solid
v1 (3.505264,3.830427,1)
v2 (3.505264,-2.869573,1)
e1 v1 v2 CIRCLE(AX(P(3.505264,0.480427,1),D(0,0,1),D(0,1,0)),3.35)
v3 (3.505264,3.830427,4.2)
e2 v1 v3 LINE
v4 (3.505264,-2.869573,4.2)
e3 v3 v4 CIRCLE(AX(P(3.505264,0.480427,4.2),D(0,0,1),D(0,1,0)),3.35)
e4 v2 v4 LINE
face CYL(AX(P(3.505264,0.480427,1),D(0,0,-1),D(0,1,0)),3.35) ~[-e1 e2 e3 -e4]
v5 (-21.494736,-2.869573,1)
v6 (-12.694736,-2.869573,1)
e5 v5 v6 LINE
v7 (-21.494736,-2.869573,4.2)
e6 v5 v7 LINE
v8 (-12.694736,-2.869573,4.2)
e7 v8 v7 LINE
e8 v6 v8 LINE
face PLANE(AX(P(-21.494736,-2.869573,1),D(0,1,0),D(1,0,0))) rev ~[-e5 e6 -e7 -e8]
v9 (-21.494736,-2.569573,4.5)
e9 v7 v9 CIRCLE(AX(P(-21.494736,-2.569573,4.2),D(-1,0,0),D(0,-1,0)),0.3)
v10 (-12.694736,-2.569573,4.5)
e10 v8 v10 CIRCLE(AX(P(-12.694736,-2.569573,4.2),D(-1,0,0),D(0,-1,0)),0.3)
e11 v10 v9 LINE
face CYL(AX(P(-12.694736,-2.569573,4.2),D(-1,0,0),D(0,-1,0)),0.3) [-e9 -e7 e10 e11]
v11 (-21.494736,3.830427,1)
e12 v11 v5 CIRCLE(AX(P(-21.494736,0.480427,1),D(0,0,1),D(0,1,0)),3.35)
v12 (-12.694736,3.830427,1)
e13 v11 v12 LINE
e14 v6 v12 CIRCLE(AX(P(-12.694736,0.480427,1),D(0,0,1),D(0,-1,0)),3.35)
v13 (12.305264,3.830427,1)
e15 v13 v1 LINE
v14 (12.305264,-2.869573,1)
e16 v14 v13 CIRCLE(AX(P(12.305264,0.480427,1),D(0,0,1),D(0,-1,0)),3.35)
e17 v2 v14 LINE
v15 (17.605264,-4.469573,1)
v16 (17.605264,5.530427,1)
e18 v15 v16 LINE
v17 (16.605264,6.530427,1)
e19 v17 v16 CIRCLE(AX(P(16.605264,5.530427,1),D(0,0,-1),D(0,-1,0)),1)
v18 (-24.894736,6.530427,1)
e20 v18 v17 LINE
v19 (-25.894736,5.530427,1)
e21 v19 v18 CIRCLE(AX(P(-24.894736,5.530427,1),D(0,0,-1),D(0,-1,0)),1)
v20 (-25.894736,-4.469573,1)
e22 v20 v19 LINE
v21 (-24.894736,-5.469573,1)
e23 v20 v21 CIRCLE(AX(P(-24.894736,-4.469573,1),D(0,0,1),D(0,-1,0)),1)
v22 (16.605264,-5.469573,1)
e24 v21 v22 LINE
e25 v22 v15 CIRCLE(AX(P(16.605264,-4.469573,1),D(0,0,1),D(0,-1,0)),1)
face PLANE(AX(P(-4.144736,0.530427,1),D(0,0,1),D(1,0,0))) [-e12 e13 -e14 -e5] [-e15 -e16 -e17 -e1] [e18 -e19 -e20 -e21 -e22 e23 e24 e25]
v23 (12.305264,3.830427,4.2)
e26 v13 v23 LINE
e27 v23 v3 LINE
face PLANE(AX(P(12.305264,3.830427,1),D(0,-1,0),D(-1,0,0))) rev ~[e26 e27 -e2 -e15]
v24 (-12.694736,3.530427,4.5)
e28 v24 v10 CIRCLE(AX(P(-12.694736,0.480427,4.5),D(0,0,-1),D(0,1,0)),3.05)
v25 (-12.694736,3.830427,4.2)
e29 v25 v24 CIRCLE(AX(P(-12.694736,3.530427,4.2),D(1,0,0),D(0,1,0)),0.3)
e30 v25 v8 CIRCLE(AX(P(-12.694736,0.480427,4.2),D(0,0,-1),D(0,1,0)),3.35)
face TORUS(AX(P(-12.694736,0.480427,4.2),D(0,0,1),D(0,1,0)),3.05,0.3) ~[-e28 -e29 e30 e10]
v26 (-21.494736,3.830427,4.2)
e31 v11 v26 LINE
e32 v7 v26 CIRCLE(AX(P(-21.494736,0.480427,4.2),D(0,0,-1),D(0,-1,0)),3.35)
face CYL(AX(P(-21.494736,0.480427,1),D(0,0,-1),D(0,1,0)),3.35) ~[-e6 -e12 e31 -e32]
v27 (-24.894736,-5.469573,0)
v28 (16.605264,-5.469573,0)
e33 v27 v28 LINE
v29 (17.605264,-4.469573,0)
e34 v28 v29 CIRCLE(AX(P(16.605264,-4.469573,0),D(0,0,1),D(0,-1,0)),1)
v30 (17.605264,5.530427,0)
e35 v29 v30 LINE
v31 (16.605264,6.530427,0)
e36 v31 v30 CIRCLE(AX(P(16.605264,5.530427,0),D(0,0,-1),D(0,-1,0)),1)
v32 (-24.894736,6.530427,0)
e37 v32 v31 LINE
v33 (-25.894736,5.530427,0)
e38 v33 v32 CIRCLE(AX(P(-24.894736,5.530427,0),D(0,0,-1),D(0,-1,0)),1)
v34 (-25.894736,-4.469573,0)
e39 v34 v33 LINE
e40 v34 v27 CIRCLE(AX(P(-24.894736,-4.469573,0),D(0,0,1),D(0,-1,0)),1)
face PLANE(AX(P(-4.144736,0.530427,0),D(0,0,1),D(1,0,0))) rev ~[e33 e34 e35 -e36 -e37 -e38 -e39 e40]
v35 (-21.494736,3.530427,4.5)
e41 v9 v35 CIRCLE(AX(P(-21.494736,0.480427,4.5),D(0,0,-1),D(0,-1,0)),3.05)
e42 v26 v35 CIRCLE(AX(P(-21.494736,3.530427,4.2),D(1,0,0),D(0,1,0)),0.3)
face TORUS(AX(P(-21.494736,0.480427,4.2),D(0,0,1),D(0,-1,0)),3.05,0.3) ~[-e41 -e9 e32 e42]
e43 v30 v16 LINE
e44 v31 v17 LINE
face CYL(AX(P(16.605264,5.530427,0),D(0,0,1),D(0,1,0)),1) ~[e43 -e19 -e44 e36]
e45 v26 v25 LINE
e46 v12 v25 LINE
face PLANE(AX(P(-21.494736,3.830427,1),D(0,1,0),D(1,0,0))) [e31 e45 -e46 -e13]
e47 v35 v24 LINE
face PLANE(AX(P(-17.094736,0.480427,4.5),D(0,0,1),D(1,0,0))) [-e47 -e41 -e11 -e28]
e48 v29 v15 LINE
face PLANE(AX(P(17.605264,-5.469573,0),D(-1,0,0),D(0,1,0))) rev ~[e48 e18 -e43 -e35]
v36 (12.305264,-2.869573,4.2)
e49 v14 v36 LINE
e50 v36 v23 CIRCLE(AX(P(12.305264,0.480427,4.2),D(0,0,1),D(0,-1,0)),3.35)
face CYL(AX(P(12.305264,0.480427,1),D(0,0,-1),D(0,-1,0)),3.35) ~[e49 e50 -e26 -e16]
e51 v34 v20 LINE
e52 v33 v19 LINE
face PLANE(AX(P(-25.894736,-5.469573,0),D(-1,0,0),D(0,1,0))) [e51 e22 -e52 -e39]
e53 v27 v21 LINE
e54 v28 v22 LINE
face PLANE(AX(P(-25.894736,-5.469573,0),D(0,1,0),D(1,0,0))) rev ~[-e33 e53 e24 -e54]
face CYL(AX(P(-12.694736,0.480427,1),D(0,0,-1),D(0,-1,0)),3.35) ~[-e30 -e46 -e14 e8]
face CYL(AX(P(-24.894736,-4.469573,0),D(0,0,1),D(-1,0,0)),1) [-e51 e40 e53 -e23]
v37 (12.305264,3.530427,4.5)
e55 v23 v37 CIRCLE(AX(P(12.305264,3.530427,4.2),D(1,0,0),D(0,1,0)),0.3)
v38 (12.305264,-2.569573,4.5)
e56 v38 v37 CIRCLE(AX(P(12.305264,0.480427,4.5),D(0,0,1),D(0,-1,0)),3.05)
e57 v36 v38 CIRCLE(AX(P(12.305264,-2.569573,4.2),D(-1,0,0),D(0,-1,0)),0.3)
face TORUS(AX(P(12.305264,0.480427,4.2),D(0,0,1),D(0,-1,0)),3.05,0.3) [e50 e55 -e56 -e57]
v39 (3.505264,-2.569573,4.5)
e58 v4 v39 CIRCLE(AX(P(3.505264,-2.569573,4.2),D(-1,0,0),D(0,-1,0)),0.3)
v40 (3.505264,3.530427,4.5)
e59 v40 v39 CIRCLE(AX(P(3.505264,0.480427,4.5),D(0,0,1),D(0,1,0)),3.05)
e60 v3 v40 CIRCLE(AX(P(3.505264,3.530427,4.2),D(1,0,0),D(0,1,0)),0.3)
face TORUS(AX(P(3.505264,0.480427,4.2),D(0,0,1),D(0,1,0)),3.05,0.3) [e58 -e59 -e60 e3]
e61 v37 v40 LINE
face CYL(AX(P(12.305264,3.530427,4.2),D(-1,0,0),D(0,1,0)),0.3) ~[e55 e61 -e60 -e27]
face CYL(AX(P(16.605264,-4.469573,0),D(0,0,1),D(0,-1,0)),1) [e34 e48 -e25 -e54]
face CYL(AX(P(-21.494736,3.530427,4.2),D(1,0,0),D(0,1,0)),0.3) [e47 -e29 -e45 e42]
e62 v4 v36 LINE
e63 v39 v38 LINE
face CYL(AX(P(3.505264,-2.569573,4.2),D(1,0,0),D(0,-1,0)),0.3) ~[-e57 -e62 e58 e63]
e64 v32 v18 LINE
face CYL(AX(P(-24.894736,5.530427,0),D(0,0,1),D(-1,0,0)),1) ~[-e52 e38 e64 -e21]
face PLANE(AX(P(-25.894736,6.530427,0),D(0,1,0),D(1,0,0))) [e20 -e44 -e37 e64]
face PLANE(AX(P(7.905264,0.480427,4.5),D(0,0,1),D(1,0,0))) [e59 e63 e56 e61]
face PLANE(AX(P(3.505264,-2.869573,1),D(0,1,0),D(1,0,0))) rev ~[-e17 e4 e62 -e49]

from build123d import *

# Parameters (mm, degrees)
F0_W     = 43.5
F0_H     = 12
F1_DEPTH = 1
F2_W     = 8.8
F2_H     = 6.7
F3_DEPTH = 3.5
F4_R     = 1
F5_R     = 0.3


with BuildPart() as f1:
    # F0 (on Top) → F1 (new body)
    with BuildSketch(Plane.XY):
        with Locations((-4.144736, 0.530427)):
            Rectangle(F0_W, F0_H)
    extrude(amount=F1_DEPTH)

    # F2 (on face) → F3 (join)
    with BuildSketch(Plane.XY.offset(1)):
        with Locations((-17.094736, 0.480427)):
            Rectangle(F2_W, F2_H)
        with BuildLine():
            Line((-21.494736, -2.869573), (-21.494736, 3.830427))
            ThreePointArc((-21.494736, 3.830427), (-24.844736, 0.480427), (-21.494736, -2.869573))
        make_face()
        with BuildLine():
            ThreePointArc((-12.694736, -2.869573), (-9.344736, 0.480427), (-12.694736, 3.830427))
            Line((-12.694736, 3.830427), (-12.694736, -2.869573))
        make_face()
        with BuildLine():
            Line((12.305264, 3.830427), (3.505264, 3.830427))
            ThreePointArc((3.505264, 3.830427), (0.155264, 0.480427), (3.505264, -2.869573))
            Line((3.505264, -2.869573), (12.305264, -2.869573))
            ThreePointArc((12.305264, -2.869573), (15.655264, 0.480427), (12.305264, 3.830427))
        make_face()
    extrude(amount=F3_DEPTH)

    # F4
    f4_edges = [f1.edges().sort_by_distance(p)[0] for p in [
        (-25.894736, -5.469573, 0.5),
        (17.605264, 6.530427, 0.5),
        (17.605264, -5.469573, 0.5),
        (-25.894736, 6.530427, 0.5),
    ]]
    fillet(f4_edges, radius=F4_R)

    # F5
    f5_edges = [f1.edges().sort_by_distance(p)[0] for p in [
        (-17.094736, 3.830427, 4.5),
        (7.905264, 3.830427, 4.5),
    ]]
    fillet(f5_edges, radius=F5_R)


solid = f1.part
